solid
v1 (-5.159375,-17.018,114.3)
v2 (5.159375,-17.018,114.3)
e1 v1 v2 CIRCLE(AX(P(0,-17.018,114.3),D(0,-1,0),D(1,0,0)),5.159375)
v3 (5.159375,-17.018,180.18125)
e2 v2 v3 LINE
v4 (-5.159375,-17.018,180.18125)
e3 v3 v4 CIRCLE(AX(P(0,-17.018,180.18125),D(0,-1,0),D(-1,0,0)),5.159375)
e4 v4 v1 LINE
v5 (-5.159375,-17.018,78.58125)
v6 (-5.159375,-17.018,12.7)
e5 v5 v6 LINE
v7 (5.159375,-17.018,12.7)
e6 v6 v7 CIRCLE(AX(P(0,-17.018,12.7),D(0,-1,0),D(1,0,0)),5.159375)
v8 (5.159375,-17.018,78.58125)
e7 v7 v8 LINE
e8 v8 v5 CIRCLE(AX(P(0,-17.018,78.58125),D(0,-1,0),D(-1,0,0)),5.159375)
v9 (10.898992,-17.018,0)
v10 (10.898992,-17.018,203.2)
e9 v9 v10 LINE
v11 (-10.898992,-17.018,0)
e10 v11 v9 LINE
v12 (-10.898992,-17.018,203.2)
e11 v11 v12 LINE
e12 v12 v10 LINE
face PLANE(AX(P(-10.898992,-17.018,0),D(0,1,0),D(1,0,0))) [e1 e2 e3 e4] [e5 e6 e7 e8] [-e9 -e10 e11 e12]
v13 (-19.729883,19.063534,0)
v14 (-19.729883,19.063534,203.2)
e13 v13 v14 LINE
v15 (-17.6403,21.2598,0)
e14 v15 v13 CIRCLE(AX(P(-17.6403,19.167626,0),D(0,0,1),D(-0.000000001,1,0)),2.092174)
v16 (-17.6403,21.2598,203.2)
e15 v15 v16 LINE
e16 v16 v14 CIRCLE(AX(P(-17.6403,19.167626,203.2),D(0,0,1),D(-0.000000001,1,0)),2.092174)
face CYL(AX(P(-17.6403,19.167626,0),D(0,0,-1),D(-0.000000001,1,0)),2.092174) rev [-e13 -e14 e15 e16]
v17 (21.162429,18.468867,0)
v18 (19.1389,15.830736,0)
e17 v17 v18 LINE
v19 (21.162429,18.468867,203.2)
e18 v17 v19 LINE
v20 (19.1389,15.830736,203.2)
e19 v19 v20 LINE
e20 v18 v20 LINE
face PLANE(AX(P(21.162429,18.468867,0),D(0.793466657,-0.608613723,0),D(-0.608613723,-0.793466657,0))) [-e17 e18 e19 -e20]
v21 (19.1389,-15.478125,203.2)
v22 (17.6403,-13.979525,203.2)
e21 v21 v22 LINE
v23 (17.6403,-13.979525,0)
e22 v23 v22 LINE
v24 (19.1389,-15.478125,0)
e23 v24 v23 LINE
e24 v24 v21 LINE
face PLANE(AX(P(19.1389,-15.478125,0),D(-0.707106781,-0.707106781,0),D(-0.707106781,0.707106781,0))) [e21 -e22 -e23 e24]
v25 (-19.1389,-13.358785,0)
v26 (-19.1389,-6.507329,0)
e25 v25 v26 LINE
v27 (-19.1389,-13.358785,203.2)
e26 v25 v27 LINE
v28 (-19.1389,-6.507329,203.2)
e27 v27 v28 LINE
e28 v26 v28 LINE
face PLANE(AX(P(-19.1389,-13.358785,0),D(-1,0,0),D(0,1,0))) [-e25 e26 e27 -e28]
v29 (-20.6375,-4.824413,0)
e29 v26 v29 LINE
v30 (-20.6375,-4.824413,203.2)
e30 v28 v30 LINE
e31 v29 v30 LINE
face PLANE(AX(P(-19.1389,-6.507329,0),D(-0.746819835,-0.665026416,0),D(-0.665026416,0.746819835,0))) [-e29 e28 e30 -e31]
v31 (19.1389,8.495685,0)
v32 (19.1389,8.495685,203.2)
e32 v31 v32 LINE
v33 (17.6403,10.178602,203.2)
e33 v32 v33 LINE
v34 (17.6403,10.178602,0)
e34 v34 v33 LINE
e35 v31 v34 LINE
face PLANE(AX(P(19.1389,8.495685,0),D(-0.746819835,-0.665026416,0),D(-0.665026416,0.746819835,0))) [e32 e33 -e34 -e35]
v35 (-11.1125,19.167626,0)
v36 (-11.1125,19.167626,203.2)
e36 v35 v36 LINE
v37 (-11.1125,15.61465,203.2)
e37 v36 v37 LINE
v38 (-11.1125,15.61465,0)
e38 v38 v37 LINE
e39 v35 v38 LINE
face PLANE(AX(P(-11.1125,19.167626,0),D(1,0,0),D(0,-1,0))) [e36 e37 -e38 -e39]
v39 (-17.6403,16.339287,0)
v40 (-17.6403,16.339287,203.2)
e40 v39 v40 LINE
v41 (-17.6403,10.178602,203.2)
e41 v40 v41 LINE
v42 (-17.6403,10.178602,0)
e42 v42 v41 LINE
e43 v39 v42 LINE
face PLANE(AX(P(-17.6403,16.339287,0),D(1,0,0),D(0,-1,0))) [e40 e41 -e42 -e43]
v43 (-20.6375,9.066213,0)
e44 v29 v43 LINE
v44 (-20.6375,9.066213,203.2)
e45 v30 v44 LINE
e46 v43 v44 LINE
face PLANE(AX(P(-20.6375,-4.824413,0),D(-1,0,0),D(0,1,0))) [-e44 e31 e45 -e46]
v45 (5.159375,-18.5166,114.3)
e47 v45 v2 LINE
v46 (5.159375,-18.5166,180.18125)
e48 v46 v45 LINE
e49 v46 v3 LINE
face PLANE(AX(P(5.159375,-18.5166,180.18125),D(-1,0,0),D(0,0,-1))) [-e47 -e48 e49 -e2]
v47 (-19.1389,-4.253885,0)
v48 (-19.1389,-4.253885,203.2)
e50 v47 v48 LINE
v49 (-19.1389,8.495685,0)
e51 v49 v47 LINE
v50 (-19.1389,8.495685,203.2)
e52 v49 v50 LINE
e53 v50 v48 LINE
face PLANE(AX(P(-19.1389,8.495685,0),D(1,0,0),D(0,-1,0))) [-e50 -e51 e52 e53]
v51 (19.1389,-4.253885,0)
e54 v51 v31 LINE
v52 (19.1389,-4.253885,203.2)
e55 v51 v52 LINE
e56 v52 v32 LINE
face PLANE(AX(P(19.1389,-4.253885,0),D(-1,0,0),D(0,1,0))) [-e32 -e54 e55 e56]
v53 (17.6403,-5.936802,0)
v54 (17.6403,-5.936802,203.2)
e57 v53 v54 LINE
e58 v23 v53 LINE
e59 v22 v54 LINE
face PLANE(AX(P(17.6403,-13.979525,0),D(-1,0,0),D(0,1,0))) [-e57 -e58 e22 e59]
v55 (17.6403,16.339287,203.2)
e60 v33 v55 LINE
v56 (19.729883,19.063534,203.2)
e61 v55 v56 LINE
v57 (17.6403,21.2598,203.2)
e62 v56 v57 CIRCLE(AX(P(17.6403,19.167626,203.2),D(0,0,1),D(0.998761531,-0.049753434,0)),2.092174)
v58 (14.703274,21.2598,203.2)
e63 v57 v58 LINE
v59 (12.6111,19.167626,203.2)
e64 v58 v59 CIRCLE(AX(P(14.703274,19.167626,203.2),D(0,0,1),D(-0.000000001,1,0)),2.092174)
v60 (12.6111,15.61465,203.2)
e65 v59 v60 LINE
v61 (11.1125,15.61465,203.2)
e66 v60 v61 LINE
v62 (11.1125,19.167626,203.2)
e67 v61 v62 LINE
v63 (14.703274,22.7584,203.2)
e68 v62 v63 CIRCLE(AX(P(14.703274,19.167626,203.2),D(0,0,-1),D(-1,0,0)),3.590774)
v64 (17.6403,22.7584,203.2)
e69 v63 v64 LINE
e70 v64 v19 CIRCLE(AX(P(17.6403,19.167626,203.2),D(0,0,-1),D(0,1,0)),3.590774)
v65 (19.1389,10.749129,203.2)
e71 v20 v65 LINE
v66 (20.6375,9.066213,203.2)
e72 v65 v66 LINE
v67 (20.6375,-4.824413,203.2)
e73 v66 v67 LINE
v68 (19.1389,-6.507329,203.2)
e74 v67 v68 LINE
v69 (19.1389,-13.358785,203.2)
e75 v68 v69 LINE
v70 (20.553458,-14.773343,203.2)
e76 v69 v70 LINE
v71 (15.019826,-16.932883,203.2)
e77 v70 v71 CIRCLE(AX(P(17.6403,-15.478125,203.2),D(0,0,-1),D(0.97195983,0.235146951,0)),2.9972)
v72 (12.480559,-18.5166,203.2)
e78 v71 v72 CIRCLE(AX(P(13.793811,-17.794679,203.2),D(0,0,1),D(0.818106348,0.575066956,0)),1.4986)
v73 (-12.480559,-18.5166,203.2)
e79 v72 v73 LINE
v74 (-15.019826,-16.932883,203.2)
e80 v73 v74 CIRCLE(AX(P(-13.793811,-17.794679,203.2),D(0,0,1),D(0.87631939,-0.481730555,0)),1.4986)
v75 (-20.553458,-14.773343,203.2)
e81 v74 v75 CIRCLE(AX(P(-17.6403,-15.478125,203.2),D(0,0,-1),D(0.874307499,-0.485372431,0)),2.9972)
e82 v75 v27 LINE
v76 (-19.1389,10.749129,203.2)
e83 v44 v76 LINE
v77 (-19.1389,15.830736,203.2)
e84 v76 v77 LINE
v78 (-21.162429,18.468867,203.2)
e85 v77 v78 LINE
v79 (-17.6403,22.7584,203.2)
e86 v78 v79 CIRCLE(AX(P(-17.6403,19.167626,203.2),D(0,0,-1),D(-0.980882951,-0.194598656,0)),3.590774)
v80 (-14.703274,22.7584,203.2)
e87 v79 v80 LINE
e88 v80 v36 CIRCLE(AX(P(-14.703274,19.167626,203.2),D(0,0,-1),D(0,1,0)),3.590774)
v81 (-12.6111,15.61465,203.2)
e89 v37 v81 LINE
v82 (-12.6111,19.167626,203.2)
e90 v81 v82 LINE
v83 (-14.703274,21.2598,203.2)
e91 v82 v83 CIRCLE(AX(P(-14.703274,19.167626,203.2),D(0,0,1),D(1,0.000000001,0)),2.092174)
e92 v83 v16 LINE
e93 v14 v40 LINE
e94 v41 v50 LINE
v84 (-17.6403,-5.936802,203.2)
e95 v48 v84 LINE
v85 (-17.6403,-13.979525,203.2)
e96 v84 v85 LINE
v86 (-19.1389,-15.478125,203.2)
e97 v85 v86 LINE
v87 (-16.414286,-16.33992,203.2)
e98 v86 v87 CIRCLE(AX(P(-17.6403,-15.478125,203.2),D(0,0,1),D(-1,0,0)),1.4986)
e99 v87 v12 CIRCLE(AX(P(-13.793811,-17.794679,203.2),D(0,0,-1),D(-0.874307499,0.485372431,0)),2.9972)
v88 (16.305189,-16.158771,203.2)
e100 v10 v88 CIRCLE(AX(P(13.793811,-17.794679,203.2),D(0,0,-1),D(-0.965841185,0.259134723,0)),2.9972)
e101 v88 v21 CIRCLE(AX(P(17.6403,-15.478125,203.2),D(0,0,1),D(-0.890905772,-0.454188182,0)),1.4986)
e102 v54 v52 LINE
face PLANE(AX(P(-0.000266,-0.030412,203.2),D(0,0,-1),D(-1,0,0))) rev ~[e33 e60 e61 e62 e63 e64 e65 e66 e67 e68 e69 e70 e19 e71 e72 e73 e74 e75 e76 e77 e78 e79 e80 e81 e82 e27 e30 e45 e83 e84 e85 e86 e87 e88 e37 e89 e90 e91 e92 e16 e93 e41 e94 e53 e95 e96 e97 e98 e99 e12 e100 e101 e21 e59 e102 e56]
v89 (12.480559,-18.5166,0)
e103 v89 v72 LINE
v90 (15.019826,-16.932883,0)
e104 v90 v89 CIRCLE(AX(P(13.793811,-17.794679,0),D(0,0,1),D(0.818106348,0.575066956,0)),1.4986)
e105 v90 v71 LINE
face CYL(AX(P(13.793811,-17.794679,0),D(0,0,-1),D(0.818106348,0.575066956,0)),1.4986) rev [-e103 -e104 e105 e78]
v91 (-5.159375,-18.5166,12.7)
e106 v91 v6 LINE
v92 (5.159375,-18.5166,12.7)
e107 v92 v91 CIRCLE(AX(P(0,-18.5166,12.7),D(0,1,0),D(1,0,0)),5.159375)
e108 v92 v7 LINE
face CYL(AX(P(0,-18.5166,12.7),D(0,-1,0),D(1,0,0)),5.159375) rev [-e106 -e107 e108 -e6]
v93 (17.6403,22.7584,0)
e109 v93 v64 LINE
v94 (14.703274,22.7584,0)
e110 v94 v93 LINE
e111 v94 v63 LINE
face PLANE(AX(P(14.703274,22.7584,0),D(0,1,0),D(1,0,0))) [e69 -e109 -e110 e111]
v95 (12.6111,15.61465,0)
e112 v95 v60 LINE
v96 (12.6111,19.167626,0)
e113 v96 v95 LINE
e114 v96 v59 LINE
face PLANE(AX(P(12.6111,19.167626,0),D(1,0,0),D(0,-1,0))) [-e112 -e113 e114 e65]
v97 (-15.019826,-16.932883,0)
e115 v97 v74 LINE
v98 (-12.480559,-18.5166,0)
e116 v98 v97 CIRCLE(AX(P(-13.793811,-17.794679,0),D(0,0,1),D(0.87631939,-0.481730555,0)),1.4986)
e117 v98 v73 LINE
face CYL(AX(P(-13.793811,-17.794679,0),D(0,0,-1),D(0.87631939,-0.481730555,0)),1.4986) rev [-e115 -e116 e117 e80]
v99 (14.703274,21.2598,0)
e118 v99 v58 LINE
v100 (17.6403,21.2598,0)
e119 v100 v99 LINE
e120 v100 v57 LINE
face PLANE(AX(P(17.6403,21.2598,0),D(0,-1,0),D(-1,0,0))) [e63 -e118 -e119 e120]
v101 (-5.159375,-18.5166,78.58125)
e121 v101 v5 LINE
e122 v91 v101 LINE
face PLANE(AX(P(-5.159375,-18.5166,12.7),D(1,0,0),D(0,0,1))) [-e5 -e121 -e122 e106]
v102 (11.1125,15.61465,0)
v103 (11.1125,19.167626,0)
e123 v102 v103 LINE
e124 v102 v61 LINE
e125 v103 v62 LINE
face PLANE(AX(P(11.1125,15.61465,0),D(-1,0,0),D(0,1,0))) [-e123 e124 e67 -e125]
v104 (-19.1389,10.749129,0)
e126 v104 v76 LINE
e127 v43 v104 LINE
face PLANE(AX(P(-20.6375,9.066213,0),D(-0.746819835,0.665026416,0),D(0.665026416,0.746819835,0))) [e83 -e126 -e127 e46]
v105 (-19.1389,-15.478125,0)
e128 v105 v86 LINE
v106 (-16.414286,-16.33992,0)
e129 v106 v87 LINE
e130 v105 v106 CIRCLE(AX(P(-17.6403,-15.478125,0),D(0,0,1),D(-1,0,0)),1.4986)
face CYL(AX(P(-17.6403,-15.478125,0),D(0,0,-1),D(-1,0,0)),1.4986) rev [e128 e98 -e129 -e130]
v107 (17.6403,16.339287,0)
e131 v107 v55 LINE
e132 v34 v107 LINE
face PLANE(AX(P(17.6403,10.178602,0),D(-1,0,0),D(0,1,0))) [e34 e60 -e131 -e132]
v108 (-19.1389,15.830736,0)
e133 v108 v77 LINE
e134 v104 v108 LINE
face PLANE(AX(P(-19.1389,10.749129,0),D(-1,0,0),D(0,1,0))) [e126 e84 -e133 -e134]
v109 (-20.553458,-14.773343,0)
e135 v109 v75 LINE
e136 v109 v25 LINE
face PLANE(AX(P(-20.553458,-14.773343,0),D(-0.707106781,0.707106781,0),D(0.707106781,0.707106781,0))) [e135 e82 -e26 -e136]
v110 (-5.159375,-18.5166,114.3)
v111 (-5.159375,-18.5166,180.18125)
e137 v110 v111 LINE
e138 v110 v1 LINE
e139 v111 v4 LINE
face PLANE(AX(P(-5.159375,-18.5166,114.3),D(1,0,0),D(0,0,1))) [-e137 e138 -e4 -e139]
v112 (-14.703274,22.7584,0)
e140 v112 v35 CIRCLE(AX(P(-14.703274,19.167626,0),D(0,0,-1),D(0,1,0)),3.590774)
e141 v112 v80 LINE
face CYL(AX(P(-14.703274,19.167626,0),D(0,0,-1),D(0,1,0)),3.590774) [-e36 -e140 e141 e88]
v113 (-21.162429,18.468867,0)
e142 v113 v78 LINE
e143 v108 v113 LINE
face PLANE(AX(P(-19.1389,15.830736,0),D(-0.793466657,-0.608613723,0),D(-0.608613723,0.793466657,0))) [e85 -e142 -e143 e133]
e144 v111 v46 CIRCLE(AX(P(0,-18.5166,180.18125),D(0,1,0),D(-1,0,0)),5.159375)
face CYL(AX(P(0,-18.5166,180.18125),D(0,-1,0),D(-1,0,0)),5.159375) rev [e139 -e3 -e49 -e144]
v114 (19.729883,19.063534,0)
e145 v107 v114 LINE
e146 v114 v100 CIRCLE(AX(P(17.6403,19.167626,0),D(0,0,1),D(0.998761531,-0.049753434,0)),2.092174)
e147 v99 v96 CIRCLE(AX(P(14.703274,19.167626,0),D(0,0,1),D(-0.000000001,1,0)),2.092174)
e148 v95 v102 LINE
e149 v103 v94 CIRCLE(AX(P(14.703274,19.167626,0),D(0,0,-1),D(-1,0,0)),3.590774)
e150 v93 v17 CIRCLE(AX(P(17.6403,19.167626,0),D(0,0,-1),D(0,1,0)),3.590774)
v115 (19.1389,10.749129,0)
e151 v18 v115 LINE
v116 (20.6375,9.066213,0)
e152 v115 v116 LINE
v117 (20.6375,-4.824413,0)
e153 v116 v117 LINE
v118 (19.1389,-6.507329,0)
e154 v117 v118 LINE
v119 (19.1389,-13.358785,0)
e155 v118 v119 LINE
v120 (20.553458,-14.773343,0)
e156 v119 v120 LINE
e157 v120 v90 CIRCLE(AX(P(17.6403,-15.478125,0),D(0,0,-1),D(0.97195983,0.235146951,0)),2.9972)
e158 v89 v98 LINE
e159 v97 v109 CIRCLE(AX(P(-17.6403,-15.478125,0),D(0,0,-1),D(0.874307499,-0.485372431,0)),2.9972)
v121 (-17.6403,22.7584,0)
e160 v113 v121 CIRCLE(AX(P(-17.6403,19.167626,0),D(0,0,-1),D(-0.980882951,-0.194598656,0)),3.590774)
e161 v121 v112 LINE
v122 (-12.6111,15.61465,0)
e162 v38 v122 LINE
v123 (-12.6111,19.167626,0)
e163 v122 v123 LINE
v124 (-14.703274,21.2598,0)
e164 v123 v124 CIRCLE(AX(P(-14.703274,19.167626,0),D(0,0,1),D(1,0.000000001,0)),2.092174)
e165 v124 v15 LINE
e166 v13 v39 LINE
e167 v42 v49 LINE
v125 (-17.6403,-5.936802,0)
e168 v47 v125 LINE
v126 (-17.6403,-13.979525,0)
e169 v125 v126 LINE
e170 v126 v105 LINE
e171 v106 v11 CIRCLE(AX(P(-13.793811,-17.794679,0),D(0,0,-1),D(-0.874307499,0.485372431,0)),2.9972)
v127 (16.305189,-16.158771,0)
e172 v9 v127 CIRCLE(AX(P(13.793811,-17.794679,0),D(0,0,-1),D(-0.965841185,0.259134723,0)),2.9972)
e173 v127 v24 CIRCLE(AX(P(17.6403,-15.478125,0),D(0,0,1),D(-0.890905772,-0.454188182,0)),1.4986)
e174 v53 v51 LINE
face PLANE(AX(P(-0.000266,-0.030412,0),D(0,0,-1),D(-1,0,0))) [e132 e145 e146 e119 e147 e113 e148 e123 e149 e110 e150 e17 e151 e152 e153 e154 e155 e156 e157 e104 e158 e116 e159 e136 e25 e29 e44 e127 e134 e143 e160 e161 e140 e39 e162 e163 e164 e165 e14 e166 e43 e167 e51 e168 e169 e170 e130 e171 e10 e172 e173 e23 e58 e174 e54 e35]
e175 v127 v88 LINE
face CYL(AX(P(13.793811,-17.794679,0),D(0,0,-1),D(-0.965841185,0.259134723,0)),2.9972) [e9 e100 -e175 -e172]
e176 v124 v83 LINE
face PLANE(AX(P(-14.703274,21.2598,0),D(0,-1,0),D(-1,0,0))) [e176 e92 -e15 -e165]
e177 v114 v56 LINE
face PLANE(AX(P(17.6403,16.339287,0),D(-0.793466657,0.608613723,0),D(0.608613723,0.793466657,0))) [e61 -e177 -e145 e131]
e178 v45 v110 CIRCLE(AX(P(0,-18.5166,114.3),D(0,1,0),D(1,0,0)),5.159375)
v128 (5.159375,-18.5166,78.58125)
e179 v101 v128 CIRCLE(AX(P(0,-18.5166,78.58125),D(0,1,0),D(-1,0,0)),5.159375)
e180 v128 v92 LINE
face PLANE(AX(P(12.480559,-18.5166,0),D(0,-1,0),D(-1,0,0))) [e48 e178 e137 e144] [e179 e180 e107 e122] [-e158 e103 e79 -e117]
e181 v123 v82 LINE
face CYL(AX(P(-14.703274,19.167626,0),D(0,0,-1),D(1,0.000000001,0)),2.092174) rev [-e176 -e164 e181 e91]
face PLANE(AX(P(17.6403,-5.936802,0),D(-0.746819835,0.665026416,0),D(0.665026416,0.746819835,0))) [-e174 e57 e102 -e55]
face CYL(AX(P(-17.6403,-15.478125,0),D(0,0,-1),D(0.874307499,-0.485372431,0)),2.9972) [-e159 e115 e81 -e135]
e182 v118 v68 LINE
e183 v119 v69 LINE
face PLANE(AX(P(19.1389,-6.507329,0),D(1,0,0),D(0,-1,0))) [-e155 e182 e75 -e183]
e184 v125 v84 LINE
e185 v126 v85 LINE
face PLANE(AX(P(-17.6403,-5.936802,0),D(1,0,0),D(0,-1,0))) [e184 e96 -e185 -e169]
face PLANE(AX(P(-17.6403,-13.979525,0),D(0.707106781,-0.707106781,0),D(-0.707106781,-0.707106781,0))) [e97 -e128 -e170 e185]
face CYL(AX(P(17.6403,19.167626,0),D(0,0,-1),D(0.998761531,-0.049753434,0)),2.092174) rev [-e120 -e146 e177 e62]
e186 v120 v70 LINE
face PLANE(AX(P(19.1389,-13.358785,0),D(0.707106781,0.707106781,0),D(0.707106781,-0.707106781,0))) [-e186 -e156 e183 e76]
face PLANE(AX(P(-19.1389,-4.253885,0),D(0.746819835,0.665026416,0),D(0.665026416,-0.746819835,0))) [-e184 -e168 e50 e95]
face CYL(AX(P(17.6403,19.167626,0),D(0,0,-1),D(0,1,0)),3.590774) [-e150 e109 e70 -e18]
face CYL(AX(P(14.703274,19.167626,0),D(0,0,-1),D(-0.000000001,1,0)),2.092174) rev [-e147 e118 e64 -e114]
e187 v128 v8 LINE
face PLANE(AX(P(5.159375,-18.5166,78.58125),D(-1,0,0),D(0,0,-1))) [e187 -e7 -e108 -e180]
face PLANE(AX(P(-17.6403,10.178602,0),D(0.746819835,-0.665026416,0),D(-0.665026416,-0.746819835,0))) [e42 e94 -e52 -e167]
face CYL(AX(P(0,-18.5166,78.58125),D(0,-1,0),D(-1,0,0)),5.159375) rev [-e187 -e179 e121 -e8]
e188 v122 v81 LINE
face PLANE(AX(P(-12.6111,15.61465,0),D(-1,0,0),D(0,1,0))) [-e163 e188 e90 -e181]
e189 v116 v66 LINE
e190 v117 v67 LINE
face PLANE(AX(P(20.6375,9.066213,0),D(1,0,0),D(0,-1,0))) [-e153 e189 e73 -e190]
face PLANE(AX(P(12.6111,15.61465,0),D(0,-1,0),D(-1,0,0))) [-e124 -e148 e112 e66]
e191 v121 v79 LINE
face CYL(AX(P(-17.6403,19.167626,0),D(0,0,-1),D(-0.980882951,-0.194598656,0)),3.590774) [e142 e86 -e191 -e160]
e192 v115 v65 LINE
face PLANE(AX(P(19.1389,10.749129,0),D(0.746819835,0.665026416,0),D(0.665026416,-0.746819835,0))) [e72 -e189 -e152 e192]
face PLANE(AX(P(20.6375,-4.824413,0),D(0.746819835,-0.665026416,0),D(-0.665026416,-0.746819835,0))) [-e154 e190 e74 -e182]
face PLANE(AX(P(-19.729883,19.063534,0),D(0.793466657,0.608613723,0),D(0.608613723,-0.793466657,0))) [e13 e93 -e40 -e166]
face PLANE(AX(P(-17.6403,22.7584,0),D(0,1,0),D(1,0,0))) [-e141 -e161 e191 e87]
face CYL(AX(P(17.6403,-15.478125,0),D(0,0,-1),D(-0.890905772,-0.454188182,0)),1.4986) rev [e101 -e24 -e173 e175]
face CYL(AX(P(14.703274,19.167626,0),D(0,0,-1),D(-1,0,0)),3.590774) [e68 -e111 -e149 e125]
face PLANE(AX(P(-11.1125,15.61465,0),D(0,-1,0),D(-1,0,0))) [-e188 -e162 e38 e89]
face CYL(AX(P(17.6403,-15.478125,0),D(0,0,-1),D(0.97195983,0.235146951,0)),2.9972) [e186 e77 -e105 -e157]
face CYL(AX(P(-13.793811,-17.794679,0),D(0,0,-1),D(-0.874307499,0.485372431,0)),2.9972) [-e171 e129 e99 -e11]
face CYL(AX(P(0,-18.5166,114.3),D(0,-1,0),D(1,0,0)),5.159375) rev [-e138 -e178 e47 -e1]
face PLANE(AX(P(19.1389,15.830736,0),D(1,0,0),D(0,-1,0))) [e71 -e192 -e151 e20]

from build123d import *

# Parameters (mm, degrees)
BASE_EXTRUDE_DEPTH = 203.2
LSLOT_DEPTH        = 225.525158509
LPATTERN1_COUNT    = 2
LPATTERN1_PITCH    = 101.6


with BuildPart() as part:
    # Sketch1 → Base-Extrude (new body)
    with BuildSketch(Plane.XY):
        with BuildLine():
            Line((17.6403, 16.339286512), (19.729882578, 19.063533504))
            ThreePointArc((19.729882578, 19.063533504), (19.156045845, 20.609744632), (17.6403, 21.2598))
            Line((17.6403, 21.2598), (14.70327367, 21.2598))
            ThreePointArc((14.70327367, 21.2598), (13.223883481, 20.647016519), (12.6111, 19.16762633))
            Line((12.6111, 19.16762633), (12.6111, 15.61465))
            Line((12.6111, 15.61465), (11.1125, 15.61465))
            Line((11.1125, 15.61465), (11.1125, 19.16762633))
            ThreePointArc((11.1125, 19.16762633), (12.164213258, 21.706686742), (14.70327367, 22.7584))
            Line((14.70327367, 22.7584), (17.6403, 22.7584))
            ThreePointArc((17.6403, 22.7584), (20.415434554, 21.446284653), (21.162428673, 18.4688666))
            Line((21.162428673, 18.4688666), (19.1389, 15.830735923))
            Line((19.1389, 15.830735923), (19.1389, 10.749129415))
            Line((19.1389, 10.749129415), (20.6375, 9.0662125))
            Line((20.6375, 9.0662125), (20.6375, -4.8244125))
            Line((20.6375, -4.8244125), (19.1389, -6.507329415))
            Line((19.1389, -6.507329415), (19.1389, -13.358784555))
            Line((19.1389, -13.358784555), (20.553458003, -14.773342558))
            ThreePointArc((20.553458003, -14.773342558), (18.729942105, -18.270236732), (15.019825564, -16.932883251))
            ThreePointArc((15.019825564, -16.932883251), (13.000752562, -16.523120627), (12.480559153, -18.5166))
            Line((12.480559153, -18.5166), (-12.480559153, -18.5166))
            ThreePointArc((-12.480559153, -18.5166), (-13.000752562, -16.523120627), (-15.019825564, -16.932883251))
            ThreePointArc((-15.019825564, -16.932883251), (-18.729942105, -18.270236732), (-20.553458003, -14.773342558))
            Line((-20.553458003, -14.773342558), (-19.1389, -13.358784555))
            Line((-19.1389, -13.358784555), (-19.1389, -6.507329415))
            Line((-19.1389, -6.507329415), (-20.6375, -4.8244125))
            Line((-20.6375, -4.8244125), (-20.6375, 9.0662125))
            Line((-20.6375, 9.0662125), (-19.1389, 10.749129415))
            Line((-19.1389, 10.749129415), (-19.1389, 15.830735923))
            Line((-19.1389, 15.830735923), (-21.162428673, 18.4688666))
            ThreePointArc((-21.162428673, 18.4688666), (-20.415434554, 21.446284653), (-17.6403, 22.7584))
            Line((-17.6403, 22.7584), (-14.70327367, 22.7584))
            ThreePointArc((-14.70327367, 22.7584), (-12.164213258, 21.706686742), (-11.1125, 19.16762633))
            Line((-11.1125, 19.16762633), (-11.1125, 15.61465))
            Line((-11.1125, 15.61465), (-12.6111, 15.61465))
            Line((-12.6111, 15.61465), (-12.6111, 19.16762633))
            ThreePointArc((-12.6111, 19.16762633), (-13.223883481, 20.647016519), (-14.70327367, 21.2598))
            Line((-14.70327367, 21.2598), (-17.6403, 21.2598))
            ThreePointArc((-17.6403, 21.2598), (-19.156045845, 20.609744632), (-19.729882578, 19.063533504))
            Line((-19.729882578, 19.063533504), (-17.6403, 16.339286512))
            Line((-17.6403, 16.339286512), (-17.6403, 10.17860201))
            Line((-17.6403, 10.17860201), (-19.1389, 8.495685095))
            Line((-19.1389, 8.495685095), (-19.1389, -4.253885095))
            Line((-19.1389, -4.253885095), (-17.6403, -5.93680201))
            Line((-17.6403, -5.93680201), (-17.6403, -13.979525))
            Line((-17.6403, -13.979525), (-19.1389, -15.478125))
            ThreePointArc((-19.1389, -15.478125), (-18.092238669, -16.906954381), (-16.414285827, -16.33992034))
            ThreePointArc((-16.414285827, -16.33992034), (-13.428073412, -14.819877156), (-10.898992189, -17.018))
            Line((-10.898992189, -17.018), (10.898992189, -17.018))
            ThreePointArc((10.898992189, -17.018), (13.323359075, -14.834630878), (16.30518861, -16.15877141))
            ThreePointArc((16.30518861, -16.15877141), (17.990302879, -16.935279743), (19.1389, -15.478125))
            Line((19.1389, -15.478125), (17.6403, -13.979525))
            Line((17.6403, -13.979525), (17.6403, -5.93680201))
            Line((17.6403, -5.93680201), (19.1389, -4.253885095))
            Line((19.1389, -4.253885095), (19.1389, 8.495685095))
            Line((19.1389, 8.495685095), (17.6403, 10.17860201))
            Line((17.6403, 10.17860201), (17.6403, 16.339286512))
        make_face()
    extrude(amount=BASE_EXTRUDE_DEPTH)

    # Sketch2 → LSlot (cut, through all)
    with BuildSketch(Plane(origin=(-0.093451067, -18.5166, -16.466077999), x_dir=(1, 0, 0), z_dir=(0, -1, 0))):
        with BuildLine():
            Line((5.252826067, 95.047327999), (5.252826067, 29.166077999))
            ThreePointArc((5.252826067, 29.166077999), (0.093451067, 24.006702999), (-5.065923933, 29.166077999))
            Line((-5.065923933, 29.166077999), (-5.065923933, 95.047327999))
            ThreePointArc((-5.065923933, 95.047327999), (0.093451067, 100.206702999), (5.252826067, 95.047327999))
        make_face()
    lslot = extrude(amount=-LSLOT_DEPTH, mode=Mode.SUBTRACT)

    # LPattern1: LSlot ×2
    with Locations(*[(0, 0, i * LPATTERN1_PITCH) for i in range(1, LPATTERN1_COUNT)]):
        add(lslot, mode=Mode.SUBTRACT)


solid = part.part
